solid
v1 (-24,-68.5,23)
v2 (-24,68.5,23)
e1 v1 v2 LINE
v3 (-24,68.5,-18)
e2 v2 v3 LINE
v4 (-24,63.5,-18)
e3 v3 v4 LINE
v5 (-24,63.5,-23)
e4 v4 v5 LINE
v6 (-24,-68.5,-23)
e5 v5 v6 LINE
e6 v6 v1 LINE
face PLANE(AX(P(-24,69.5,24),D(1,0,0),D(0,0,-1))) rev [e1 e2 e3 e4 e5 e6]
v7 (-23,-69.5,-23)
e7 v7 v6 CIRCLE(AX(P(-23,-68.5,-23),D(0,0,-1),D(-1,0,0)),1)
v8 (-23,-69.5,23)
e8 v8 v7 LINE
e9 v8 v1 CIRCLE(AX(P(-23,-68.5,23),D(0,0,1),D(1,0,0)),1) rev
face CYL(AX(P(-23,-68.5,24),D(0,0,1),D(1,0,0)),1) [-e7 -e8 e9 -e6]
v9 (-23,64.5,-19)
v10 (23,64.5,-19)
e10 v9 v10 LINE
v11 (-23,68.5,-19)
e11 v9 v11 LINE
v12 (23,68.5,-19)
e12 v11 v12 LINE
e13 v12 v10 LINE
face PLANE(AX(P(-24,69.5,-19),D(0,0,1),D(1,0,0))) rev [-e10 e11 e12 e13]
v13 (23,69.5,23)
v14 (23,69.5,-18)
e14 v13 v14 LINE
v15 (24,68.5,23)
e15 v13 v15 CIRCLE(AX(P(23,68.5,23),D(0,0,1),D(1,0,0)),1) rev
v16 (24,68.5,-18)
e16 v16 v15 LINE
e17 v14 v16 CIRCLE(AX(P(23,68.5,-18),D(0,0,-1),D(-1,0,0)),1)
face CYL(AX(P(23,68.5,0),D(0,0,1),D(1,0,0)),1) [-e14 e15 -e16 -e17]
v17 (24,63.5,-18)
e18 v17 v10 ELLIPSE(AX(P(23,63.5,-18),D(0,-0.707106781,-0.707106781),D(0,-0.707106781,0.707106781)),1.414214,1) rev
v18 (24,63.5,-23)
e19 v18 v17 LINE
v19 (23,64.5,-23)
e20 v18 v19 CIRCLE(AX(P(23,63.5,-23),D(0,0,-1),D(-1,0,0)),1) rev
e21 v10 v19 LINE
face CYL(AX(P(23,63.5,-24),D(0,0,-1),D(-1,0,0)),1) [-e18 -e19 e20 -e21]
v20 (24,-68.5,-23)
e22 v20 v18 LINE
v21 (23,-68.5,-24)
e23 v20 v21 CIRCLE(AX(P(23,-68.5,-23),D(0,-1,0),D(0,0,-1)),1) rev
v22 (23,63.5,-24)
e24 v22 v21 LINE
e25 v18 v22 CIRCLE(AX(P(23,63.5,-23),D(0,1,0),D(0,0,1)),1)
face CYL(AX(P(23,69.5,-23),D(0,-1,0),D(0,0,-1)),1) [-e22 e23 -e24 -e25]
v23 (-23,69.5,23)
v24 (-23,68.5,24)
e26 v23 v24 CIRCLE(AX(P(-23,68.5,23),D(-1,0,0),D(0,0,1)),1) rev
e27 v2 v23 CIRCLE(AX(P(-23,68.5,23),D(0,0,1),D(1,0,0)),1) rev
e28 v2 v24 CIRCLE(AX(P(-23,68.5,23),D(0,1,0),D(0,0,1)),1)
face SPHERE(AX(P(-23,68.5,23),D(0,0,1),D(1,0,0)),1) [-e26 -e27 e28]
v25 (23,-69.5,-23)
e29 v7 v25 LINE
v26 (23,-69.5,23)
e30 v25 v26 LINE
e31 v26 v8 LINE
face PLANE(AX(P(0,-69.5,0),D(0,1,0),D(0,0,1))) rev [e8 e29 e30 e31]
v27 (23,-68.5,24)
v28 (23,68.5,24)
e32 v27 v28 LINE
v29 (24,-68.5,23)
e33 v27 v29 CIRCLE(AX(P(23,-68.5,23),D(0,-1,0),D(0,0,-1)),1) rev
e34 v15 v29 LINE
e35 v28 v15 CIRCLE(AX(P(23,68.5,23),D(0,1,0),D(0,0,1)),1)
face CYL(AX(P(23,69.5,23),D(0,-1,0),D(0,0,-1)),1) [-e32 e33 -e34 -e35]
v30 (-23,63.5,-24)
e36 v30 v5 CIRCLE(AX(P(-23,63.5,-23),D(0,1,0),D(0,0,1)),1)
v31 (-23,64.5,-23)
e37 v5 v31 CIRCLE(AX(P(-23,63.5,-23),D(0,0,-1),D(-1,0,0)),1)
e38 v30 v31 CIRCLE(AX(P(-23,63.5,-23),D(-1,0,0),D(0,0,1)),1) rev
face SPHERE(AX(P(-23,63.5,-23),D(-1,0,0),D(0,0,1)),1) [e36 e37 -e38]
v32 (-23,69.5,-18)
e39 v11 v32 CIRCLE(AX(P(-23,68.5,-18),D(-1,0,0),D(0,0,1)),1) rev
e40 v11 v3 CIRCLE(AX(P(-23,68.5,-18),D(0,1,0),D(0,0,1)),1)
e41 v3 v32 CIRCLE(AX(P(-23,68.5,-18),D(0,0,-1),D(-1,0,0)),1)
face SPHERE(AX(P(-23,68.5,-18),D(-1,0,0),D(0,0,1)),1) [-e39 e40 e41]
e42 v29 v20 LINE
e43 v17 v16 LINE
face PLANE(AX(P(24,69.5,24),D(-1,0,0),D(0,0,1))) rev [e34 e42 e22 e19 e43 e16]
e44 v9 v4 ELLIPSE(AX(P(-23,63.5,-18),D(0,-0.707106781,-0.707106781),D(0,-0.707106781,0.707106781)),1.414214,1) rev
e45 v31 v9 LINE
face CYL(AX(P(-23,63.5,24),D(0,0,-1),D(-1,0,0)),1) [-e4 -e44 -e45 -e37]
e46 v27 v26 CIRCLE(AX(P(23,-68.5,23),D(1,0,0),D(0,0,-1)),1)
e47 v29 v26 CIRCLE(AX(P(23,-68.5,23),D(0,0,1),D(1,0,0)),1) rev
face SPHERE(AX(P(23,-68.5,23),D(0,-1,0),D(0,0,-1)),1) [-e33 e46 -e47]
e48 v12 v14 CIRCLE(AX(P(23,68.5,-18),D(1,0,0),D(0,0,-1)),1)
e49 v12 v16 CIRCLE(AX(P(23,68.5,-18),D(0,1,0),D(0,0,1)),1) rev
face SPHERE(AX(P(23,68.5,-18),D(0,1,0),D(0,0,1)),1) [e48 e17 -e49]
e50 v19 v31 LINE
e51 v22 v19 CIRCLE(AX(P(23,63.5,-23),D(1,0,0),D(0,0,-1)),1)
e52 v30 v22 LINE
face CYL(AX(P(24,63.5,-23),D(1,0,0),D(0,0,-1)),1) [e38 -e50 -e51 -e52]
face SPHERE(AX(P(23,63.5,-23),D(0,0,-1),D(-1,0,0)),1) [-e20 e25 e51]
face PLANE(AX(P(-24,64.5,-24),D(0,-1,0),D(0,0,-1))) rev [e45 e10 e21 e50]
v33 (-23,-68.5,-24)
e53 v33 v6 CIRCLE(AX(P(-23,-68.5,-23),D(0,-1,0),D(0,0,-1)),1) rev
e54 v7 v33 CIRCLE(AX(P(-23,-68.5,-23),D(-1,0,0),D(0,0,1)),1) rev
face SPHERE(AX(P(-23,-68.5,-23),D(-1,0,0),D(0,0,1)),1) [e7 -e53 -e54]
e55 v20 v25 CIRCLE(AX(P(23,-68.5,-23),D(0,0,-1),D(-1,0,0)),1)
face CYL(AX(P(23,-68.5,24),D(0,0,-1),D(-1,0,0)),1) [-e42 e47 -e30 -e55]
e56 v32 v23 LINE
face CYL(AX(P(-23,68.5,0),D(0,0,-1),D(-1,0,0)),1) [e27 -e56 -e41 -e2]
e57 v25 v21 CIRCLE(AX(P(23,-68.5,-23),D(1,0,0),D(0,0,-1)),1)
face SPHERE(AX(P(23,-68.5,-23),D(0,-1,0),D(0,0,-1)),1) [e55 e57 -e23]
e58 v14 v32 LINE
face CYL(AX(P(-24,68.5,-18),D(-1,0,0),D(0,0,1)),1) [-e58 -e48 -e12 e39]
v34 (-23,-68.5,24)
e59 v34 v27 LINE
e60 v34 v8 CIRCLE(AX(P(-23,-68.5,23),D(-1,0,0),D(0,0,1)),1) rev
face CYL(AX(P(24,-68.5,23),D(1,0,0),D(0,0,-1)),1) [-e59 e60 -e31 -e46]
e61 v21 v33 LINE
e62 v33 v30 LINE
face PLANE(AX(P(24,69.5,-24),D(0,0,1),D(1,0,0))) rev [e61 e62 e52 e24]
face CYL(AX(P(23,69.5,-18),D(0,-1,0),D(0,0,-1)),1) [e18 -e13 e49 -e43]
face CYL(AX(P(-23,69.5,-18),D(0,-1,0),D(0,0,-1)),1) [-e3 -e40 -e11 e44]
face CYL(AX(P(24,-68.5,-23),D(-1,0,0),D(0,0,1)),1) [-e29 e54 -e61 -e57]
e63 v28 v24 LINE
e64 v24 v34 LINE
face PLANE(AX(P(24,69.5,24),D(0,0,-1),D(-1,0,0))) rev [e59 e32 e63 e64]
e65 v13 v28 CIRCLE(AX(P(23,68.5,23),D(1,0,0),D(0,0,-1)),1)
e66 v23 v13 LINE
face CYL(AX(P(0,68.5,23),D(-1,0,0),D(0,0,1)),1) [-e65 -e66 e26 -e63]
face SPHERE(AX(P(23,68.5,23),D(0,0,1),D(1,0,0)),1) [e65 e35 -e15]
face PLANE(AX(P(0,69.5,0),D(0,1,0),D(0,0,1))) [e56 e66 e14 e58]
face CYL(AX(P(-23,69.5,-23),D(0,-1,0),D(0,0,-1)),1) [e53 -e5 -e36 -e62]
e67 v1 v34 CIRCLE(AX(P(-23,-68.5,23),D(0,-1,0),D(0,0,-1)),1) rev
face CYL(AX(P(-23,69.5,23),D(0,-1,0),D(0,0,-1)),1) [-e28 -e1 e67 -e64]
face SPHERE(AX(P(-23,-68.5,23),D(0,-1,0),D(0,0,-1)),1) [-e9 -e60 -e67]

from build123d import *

# Parameters (mm, degrees)
SKETCH1_W               = 48
SKETCH1_H               = 48
BOSS_EXTRUDE1_DEPTH     = 69.5
CUT_EXTRUDE1_DEPTH      = 78.345006303
CUT_EXTRUDE1_DEPTH_BACK = 78.345006303
SKETCH2_W               = 5
SKETCH2_H               = 5
FILLET1_R               = 1


with BuildPart() as part:
    # Sketch1 → Boss-Extrude1 (new, symmetric)
    with BuildSketch(Plane(origin=(0, 0, 0), x_dir=(1, 0, 0), z_dir=(0, 1, 0))):
        Rectangle(SKETCH1_W, SKETCH1_H)
    extrude(amount=BOSS_EXTRUDE1_DEPTH, both=True)

    # Sketch2 → Cut-Extrude1 (cut, two sides: drawn at the far end of the back side and taken through both)
    with BuildSketch(Plane(origin=(0, 0, 0), x_dir=(0, 0, -1), z_dir=(1, 0, 0)).offset(-CUT_EXTRUDE1_DEPTH_BACK)):
        with Locations((21.5, 67)):
            Rectangle(SKETCH2_W, SKETCH2_H)
    extrude(amount=CUT_EXTRUDE1_DEPTH + CUT_EXTRUDE1_DEPTH_BACK, mode=Mode.SUBTRACT)

    # Fillet1
    fillet1_edges = [part.edges().sort_by_distance(p)[0] for p in [
        (24, 69.5, 2.5),
        (-24, 69.5, 2.5),
        (-24, -2.5, -24),
        (24, -2.5, -24),
        (0, 64.5, -24),
        (-24, 64.5, -21.5),
        (-24, 67, -19),
        (0, 69.5, -19),
        (24, 67, -19),
        (24, 64.5, -21.5),
        (0, -69.5, -24),
        (24, -69.5, 0),
        (0, -69.5, 24),
        (-24, -69.5, 0),
        (24, 0, 24),
        (-24, 0, 24),
        (0, 69.5, 24),
    ]]
    fillet(fillet1_edges, radius=FILLET1_R)


solid = part.part
